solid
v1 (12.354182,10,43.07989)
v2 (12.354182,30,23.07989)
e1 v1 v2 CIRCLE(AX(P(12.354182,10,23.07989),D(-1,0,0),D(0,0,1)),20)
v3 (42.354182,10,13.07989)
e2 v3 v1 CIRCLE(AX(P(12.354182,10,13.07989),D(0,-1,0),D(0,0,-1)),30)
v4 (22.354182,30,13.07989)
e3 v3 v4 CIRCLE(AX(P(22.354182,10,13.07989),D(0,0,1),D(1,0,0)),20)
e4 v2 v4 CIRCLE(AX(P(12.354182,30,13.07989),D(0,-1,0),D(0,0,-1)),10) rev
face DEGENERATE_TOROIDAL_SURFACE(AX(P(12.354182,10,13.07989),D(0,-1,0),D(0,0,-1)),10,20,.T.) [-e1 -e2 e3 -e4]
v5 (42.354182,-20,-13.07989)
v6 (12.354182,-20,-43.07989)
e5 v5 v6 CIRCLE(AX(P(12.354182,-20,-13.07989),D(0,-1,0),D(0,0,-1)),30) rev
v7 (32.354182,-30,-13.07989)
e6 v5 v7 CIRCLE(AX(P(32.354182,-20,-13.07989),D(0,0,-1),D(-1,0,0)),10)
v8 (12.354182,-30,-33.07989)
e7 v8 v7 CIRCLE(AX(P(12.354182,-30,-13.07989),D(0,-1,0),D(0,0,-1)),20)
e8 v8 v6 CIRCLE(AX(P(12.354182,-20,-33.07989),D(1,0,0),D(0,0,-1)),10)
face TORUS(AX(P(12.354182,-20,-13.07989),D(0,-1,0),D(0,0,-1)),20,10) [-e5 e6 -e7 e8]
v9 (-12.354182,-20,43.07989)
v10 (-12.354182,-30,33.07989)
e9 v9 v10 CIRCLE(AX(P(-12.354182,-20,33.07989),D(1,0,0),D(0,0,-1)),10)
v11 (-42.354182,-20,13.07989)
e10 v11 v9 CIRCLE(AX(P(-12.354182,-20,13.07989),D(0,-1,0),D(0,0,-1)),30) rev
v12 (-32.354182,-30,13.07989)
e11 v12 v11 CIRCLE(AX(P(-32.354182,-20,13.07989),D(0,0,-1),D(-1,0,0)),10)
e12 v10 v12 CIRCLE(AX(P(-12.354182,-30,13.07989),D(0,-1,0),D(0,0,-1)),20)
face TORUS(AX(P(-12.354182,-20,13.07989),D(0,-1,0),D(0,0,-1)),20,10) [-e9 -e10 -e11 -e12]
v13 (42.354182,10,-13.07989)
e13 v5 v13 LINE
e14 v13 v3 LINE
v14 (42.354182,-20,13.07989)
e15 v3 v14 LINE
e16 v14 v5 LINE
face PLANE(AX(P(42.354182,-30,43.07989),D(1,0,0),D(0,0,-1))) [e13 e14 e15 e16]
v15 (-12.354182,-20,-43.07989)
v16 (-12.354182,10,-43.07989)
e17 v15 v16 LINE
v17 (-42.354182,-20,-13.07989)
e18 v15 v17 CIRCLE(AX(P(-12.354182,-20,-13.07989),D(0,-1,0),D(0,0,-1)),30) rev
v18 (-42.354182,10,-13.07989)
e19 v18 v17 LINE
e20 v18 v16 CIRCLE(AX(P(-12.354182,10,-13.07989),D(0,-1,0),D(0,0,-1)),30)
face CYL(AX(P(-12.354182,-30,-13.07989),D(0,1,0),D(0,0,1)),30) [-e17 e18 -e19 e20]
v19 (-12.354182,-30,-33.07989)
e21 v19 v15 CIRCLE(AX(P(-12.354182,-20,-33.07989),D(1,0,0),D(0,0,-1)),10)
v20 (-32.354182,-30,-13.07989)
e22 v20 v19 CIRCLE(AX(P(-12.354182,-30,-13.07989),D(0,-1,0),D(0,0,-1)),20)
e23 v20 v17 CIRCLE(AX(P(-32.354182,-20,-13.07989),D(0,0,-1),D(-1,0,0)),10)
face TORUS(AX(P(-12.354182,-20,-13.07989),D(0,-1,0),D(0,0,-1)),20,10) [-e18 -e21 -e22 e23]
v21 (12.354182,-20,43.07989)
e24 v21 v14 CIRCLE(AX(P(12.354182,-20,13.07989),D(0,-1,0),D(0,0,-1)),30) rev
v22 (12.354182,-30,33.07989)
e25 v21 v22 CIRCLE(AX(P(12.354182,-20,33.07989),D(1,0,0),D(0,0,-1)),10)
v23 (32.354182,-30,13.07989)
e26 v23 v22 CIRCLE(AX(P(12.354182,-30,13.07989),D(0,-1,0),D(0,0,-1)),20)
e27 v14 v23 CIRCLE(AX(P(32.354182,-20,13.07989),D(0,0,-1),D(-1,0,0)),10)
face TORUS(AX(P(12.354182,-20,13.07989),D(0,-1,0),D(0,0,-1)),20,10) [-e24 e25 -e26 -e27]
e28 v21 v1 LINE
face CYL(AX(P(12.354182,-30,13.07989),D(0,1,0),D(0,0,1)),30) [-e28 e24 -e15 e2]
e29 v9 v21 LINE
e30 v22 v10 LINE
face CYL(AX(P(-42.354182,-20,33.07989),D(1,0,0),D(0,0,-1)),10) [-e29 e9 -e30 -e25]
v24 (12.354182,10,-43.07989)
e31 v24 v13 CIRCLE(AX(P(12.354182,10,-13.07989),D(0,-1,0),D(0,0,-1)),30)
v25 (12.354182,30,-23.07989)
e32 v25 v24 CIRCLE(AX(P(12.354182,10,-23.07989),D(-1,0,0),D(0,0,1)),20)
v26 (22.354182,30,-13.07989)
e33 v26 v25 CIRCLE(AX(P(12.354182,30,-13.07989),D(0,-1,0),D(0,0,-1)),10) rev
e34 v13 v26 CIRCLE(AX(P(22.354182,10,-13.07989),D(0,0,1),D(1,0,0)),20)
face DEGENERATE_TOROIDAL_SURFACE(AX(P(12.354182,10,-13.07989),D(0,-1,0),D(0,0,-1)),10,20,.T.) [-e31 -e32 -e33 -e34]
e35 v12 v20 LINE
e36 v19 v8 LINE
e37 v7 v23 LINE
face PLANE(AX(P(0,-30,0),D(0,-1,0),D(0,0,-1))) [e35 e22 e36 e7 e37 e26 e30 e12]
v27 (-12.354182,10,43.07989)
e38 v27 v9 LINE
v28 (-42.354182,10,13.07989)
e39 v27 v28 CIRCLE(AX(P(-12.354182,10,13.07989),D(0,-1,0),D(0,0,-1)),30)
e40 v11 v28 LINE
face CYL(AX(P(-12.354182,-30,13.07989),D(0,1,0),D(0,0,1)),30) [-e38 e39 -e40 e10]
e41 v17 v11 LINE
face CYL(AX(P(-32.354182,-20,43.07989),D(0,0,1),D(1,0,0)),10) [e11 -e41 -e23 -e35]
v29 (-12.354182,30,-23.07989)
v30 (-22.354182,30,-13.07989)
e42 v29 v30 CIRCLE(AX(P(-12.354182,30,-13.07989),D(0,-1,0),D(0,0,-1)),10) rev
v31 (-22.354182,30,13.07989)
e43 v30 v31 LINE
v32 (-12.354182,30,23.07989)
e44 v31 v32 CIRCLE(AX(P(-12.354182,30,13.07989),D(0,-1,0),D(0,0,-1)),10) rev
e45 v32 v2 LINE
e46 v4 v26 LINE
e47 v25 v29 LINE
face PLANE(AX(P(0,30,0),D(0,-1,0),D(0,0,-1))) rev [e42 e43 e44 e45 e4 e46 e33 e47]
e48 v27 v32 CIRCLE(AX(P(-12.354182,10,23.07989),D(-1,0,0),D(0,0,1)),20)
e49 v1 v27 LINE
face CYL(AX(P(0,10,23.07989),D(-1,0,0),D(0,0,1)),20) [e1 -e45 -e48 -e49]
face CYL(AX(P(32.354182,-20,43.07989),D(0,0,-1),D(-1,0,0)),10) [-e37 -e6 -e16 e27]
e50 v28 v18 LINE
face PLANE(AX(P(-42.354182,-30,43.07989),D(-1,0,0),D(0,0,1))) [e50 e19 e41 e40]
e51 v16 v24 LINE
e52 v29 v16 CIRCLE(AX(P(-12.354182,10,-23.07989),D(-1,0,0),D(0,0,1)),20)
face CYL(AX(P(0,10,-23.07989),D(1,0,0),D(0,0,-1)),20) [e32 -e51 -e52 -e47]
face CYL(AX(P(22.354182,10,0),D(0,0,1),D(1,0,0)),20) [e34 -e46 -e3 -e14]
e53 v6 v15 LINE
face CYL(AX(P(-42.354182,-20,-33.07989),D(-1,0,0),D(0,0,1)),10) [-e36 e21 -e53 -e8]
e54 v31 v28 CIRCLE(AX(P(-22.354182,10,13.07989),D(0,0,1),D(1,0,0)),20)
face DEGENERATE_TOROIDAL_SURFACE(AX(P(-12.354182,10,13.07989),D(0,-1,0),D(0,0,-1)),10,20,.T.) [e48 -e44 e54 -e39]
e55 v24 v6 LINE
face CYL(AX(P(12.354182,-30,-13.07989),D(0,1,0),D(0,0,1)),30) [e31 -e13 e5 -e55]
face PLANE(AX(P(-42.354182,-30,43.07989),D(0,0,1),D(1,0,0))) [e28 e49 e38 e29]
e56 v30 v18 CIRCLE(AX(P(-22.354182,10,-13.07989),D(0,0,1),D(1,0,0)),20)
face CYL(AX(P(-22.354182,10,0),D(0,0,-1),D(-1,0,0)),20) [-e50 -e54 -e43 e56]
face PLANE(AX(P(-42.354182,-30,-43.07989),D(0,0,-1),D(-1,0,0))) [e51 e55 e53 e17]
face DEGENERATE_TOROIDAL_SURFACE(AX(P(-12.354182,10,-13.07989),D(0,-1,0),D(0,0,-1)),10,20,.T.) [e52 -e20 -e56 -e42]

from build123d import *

# Parameters (mm, degrees)
SKETCH1_W                = 84.708364016
SKETCH1_H                = 86.159780402
BOSS_EXTRUDE1_DEPTH      = 30
BOSS_EXTRUDE1_DEPTH_BACK = 30
FILLET1_R                = 30
FILLET2_R                = 20
FILLET3_R                = 10


with BuildPart() as part:
    # Sketch1 → Boss-Extrude1 (new body, two sides)
    with BuildSketch(Plane(origin=(0, 0, 0), x_dir=(1, 0, 0), z_dir=(0, 1, 0))) as boss_extrude1_sk:
        Rectangle(SKETCH1_W, SKETCH1_H)
    extrude(amount=BOSS_EXTRUDE1_DEPTH)
    extrude(boss_extrude1_sk.sketch, amount=-BOSS_EXTRUDE1_DEPTH_BACK)

    # Fillet1
    fillet1_edges = [part.edges().sort_by_distance(p)[0] for p in [
        (42.354182008, 0, 43.079890201),
        (-42.354182008, 0, 43.079890201),
        (-42.354182008, 0, -43.079890201),
        (42.354182008, 0, -43.079890201),
    ]]
    fillet(fillet1_edges, radius=FILLET1_R)

    # Fillet2
    fillet2_edges = [part.edges().sort_by_distance(p)[0] for p in [
        (0, 30, 43.079890201),
        (42.354182008, 30, 0),
        (0, 30, -43.079890201),
        (-42.354182008, 30, 0),
        (-33.567385444, 30, -34.293093637),
        (-33.567385444, 30, 34.293093637),
        (33.567385444, 30, -34.293093637),
        (33.567385444, 30, 34.293093637),
    ]]
    fillet(fillet2_edges, radius=FILLET2_R)

    # Fillet3
    fillet3_edges = [part.edges().sort_by_distance(p)[0] for p in [
        (0, -30, 43.079890201),
        (42.354182008, -30, 0),
        (-42.354182008, -30, 0),
        (0, -30, -43.079890201),
        (-33.567385444, -30, -34.293093637),
        (-33.567385444, -30, 34.293093637),
        (33.567385444, -30, -34.293093637),
        (33.567385444, -30, 34.293093637),
    ]]
    fillet(fillet3_edges, radius=FILLET3_R)


solid = part.part
